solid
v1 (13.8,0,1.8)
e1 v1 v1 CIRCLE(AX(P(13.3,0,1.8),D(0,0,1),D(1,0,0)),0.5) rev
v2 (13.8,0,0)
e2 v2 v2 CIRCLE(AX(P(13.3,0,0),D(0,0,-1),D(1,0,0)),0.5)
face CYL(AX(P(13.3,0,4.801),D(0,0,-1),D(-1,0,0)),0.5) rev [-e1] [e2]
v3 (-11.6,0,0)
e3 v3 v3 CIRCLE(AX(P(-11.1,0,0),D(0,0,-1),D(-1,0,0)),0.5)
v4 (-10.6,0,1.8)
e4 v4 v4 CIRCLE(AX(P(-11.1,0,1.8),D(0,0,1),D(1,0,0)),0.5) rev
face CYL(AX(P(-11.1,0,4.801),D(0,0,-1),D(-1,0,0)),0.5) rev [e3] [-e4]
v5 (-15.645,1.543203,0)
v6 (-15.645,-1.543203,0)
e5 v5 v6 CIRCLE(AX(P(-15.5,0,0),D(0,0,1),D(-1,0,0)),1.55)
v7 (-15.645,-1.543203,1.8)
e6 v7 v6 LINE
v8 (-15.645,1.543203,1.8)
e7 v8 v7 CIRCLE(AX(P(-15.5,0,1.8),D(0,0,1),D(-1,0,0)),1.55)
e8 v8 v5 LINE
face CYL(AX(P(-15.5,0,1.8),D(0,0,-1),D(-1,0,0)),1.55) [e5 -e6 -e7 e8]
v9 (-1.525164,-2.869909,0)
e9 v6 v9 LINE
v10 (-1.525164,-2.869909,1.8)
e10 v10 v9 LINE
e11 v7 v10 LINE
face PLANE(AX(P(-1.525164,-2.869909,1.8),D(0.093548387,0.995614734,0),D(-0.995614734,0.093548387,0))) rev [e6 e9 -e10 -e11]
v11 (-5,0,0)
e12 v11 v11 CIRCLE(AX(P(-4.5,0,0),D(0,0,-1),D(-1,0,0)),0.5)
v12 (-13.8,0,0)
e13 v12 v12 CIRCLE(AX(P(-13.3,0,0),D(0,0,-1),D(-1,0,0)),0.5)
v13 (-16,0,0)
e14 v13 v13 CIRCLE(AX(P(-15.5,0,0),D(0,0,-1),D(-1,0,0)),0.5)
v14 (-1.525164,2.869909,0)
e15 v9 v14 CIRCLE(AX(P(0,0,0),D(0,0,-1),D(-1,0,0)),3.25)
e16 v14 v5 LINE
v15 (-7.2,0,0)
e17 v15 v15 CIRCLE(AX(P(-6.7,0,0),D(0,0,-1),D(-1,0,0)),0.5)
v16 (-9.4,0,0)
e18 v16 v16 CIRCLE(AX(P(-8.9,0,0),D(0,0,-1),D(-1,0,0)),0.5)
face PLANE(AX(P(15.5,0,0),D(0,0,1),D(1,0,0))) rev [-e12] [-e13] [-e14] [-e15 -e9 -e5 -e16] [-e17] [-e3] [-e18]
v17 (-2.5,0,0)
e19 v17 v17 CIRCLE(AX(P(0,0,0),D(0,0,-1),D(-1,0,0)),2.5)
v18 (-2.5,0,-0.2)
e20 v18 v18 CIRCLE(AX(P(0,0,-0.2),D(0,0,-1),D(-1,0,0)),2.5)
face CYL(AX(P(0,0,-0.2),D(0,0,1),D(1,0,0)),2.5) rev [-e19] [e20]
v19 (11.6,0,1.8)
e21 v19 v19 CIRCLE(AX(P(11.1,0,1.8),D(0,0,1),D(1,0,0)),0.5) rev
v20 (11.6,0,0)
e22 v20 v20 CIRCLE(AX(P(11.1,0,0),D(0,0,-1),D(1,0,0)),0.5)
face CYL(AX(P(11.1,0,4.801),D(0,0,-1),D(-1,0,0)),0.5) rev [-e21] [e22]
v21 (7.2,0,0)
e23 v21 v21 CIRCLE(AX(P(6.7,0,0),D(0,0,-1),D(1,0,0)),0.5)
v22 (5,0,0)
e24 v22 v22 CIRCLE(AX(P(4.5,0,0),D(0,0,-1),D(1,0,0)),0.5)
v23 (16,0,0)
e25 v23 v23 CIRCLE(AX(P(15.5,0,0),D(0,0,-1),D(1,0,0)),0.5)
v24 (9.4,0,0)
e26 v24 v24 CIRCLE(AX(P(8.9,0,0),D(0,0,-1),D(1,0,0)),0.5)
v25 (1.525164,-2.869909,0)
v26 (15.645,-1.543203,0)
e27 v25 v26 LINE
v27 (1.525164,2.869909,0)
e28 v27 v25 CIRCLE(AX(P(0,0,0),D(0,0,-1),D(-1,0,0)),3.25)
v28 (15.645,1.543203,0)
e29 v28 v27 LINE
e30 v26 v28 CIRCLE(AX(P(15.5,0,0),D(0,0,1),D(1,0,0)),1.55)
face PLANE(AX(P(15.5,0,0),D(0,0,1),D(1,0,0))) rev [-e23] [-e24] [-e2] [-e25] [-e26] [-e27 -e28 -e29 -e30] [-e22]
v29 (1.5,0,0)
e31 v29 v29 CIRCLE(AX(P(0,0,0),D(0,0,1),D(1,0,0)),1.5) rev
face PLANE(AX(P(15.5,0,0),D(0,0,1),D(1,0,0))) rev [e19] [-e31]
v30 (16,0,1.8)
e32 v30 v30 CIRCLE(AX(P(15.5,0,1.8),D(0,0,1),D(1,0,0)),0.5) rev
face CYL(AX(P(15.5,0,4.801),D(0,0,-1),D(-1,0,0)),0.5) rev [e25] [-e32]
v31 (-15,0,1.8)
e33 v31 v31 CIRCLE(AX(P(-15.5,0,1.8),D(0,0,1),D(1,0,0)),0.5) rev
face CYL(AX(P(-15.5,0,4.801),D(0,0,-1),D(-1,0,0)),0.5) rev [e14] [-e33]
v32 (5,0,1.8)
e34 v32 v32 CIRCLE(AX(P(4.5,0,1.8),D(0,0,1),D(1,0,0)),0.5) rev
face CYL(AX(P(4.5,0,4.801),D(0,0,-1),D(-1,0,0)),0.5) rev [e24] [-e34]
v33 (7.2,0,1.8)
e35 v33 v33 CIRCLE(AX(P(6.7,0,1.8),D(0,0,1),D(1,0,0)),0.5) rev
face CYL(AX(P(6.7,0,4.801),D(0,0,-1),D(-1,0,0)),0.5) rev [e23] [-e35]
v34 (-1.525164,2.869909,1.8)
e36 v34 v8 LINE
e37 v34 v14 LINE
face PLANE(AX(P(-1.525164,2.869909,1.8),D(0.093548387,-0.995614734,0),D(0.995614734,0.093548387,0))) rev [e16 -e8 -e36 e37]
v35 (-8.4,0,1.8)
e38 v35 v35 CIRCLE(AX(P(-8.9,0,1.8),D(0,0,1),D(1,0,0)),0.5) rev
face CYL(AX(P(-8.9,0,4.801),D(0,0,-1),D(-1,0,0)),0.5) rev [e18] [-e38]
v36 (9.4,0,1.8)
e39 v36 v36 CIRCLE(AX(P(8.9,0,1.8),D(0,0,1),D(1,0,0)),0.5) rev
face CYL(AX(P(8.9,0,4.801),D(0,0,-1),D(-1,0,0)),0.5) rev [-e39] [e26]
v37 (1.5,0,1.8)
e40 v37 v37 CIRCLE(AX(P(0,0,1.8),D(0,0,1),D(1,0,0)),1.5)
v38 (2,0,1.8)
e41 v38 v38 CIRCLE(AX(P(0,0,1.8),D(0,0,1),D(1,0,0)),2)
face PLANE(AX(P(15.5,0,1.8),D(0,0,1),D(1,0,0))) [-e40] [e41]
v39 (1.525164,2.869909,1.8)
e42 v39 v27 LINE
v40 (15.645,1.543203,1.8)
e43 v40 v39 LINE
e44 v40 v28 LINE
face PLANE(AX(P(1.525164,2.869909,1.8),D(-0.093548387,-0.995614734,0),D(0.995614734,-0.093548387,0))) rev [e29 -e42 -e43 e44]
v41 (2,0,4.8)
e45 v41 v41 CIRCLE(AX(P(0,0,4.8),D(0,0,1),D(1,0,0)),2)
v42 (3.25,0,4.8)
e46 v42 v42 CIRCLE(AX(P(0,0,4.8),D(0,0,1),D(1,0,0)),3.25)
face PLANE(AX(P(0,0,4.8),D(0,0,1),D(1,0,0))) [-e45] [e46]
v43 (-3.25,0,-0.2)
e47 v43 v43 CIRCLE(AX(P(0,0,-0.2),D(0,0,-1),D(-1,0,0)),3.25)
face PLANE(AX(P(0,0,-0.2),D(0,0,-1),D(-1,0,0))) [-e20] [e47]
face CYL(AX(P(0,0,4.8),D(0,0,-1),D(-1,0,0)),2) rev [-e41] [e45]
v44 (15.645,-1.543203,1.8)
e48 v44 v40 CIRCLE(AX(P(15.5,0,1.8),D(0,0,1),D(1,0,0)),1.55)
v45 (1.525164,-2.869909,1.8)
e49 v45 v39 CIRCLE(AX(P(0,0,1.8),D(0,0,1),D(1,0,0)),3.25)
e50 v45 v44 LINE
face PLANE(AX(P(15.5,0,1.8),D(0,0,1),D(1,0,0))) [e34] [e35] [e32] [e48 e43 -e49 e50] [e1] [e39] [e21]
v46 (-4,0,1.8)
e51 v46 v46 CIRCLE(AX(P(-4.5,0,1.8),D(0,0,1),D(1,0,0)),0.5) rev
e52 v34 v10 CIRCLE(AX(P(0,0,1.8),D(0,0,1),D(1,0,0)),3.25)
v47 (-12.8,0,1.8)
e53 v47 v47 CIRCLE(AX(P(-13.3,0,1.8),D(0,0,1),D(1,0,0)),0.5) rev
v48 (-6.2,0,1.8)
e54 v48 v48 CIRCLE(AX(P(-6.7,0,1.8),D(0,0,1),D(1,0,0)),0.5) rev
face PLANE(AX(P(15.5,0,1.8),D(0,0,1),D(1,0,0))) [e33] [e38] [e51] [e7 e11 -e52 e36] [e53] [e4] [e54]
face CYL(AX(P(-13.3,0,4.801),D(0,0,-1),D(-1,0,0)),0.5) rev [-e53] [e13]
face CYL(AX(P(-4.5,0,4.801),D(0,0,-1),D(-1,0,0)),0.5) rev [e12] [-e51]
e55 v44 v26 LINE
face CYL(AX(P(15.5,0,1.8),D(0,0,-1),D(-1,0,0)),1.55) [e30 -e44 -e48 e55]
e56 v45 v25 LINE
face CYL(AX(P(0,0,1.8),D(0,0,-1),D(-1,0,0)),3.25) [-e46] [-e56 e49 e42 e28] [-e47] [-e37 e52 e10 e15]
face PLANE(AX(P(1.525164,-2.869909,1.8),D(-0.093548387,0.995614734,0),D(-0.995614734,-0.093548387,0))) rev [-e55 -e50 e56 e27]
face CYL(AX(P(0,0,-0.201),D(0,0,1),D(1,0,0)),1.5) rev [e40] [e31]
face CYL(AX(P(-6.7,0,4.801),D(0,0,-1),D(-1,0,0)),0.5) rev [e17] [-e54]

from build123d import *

# Parameters (mm, degrees)
BOSS_EXTRUDE1_DEPTH = 1.8
SKETCH2_R           = 3.25
SKETCH2_R_2         = 2.5
BOSS_EXTRUDE3_DEPTH = 0.2
SKETCH4_R           = 3.25
SKETCH4_R_2         = 2
BOSS_EXTRUDE4_DEPTH = 3
CUT_EXTRUDE1_REACH  = 4
SKETCH5_R           = 1.5
CUT_EXTRUDE2_REACH  = 6.8
SKETCH6_R           = 0.5


with BuildPart() as part:
    # Sketch1 → Boss-Extrude1 (new body)
    with BuildSketch(Plane.XY):
        with BuildLine():
            Line((1.525163579, 2.869908719), (15.645, 1.543202838))
            ThreePointArc((15.645, 1.543202838), (17.05, 0), (15.645, -1.543202838))
            Line((15.645, -1.543202838), (1.525163579, -2.869908719))
            ThreePointArc((1.525163579, -2.869908719), (0, -3.25), (-1.525163579, -2.869908719))
            Line((-1.525163579, -2.869908719), (-15.645, -1.543202838))
            ThreePointArc((-15.645, -1.543202838), (-17.05, 0), (-15.645, 1.543202838))
            Line((-15.645, 1.543202838), (-1.525163579, 2.869908719))
            ThreePointArc((-1.525163579, 2.869908719), (0, 3.25), (1.525163579, 2.869908719))
        make_face()
    extrude(amount=BOSS_EXTRUDE1_DEPTH)

    # Sketch2 → Boss-Extrude3 (add)
    with BuildSketch(Plane(origin=(0, 0, 0), x_dir=(-1, 0, 0), z_dir=(0, 0, -1))):
        Circle(SKETCH2_R)
        Circle(SKETCH2_R_2, mode=Mode.SUBTRACT)
    extrude(amount=BOSS_EXTRUDE3_DEPTH)

    # Sketch4 → Boss-Extrude4 (add)
    with BuildSketch(Plane.XY.offset(1.8)):
        Circle(SKETCH4_R)
        Circle(SKETCH4_R_2, mode=Mode.SUBTRACT)
    extrude(amount=BOSS_EXTRUDE4_DEPTH)

    # Sketch5 → Cut-Extrude1 (cut, up to next)
    with BuildSketch(Plane.XY.offset(1.8), mode=Mode.PRIVATE) as cut_extrude1_sk1:
        Circle(SKETCH5_R)
    cut_extrude1_tool1 = extrude(cut_extrude1_sk1.sketch, amount=-CUT_EXTRUDE1_REACH, mode=Mode.PRIVATE) & part.part
    add(cut_extrude1_tool1.solids().sort_by_distance((0, 0, 1.8))[0], mode=Mode.SUBTRACT)

    # Sketch6 → Cut-Extrude2 (cut, up to next)
    with BuildSketch(Plane(origin=(0, 0, 0), x_dir=(-1, 0, 0), z_dir=(0, 0, -1)), mode=Mode.PRIVATE) as cut_extrude2_sk1:
        with Locations((15.5, 0)):
            Circle(SKETCH6_R)
    cut_extrude2_tool1 = extrude(cut_extrude2_sk1.sketch, amount=-CUT_EXTRUDE2_REACH, mode=Mode.PRIVATE) & part.part
    add(cut_extrude2_tool1.solids().sort_by_distance((-15.5, 0, 0))[0], mode=Mode.SUBTRACT)
    # Sketch6 → Cut-Extrude2 (cut, up to next)
    with BuildSketch(Plane(origin=(0, 0, 0), x_dir=(-1, 0, 0), z_dir=(0, 0, -1)), mode=Mode.PRIVATE) as cut_extrude2_sk2:
        with Locations((13.3, 0)):
            Circle(SKETCH6_R)
    cut_extrude2_tool2 = extrude(cut_extrude2_sk2.sketch, amount=-CUT_EXTRUDE2_REACH, mode=Mode.PRIVATE) & part.part
    add(cut_extrude2_tool2.solids().sort_by_distance((-13.3, 0, 0))[0], mode=Mode.SUBTRACT)
    # Sketch6 → Cut-Extrude2 (cut, up to next)
    with BuildSketch(Plane(origin=(0, 0, 0), x_dir=(-1, 0, 0), z_dir=(0, 0, -1)), mode=Mode.PRIVATE) as cut_extrude2_sk3:
        with Locations((11.1, 0)):
            Circle(SKETCH6_R)
    cut_extrude2_tool3 = extrude(cut_extrude2_sk3.sketch, amount=-CUT_EXTRUDE2_REACH, mode=Mode.PRIVATE) & part.part
    add(cut_extrude2_tool3.solids().sort_by_distance((-11.1, 0, 0))[0], mode=Mode.SUBTRACT)
    # Sketch6 → Cut-Extrude2 (cut, up to next)
    with BuildSketch(Plane(origin=(0, 0, 0), x_dir=(-1, 0, 0), z_dir=(0, 0, -1)), mode=Mode.PRIVATE) as cut_extrude2_sk4:
        with Locations((8.9, 0)):
            Circle(SKETCH6_R)
    cut_extrude2_tool4 = extrude(cut_extrude2_sk4.sketch, amount=-CUT_EXTRUDE2_REACH, mode=Mode.PRIVATE) & part.part
    add(cut_extrude2_tool4.solids().sort_by_distance((-8.9, 0, 0))[0], mode=Mode.SUBTRACT)
    # Sketch6 → Cut-Extrude2 (cut, up to next)
    with BuildSketch(Plane(origin=(0, 0, 0), x_dir=(-1, 0, 0), z_dir=(0, 0, -1)), mode=Mode.PRIVATE) as cut_extrude2_sk5:
        with Locations((6.7, 0)):
            Circle(SKETCH6_R)
    cut_extrude2_tool5 = extrude(cut_extrude2_sk5.sketch, amount=-CUT_EXTRUDE2_REACH, mode=Mode.PRIVATE) & part.part
    add(cut_extrude2_tool5.solids().sort_by_distance((-6.7, 0, 0))[0], mode=Mode.SUBTRACT)
    # Sketch6 → Cut-Extrude2 (cut, up to next)
    with BuildSketch(Plane(origin=(0, 0, 0), x_dir=(-1, 0, 0), z_dir=(0, 0, -1)), mode=Mode.PRIVATE) as cut_extrude2_sk6:
        with Locations((4.5, 0)):
            Circle(SKETCH6_R)
    cut_extrude2_tool6 = extrude(cut_extrude2_sk6.sketch, amount=-CUT_EXTRUDE2_REACH, mode=Mode.PRIVATE) & part.part
    add(cut_extrude2_tool6.solids().sort_by_distance((-4.5, 0, 0))[0], mode=Mode.SUBTRACT)
    # Sketch6 → Cut-Extrude2 (cut, up to next)
    with BuildSketch(Plane(origin=(0, 0, 0), x_dir=(-1, 0, 0), z_dir=(0, 0, -1)), mode=Mode.PRIVATE) as cut_extrude2_sk7:
        with Locations((-4.5, 0)):
            Circle(SKETCH6_R)
    cut_extrude2_tool7 = extrude(cut_extrude2_sk7.sketch, amount=-CUT_EXTRUDE2_REACH, mode=Mode.PRIVATE) & part.part
    add(cut_extrude2_tool7.solids().sort_by_distance((4.5, 0, 0))[0], mode=Mode.SUBTRACT)
    # Sketch6 → Cut-Extrude2 (cut, up to next)
    with BuildSketch(Plane(origin=(0, 0, 0), x_dir=(-1, 0, 0), z_dir=(0, 0, -1)), mode=Mode.PRIVATE) as cut_extrude2_sk8:
        with Locations((-6.7, 0)):
            Circle(SKETCH6_R)
    cut_extrude2_tool8 = extrude(cut_extrude2_sk8.sketch, amount=-CUT_EXTRUDE2_REACH, mode=Mode.PRIVATE) & part.part
    add(cut_extrude2_tool8.solids().sort_by_distance((6.7, 0, 0))[0], mode=Mode.SUBTRACT)
    # Sketch6 → Cut-Extrude2 (cut, up to next)
    with BuildSketch(Plane(origin=(0, 0, 0), x_dir=(-1, 0, 0), z_dir=(0, 0, -1)), mode=Mode.PRIVATE) as cut_extrude2_sk9:
        with Locations((-8.9, 0)):
            Circle(SKETCH6_R)
    cut_extrude2_tool9 = extrude(cut_extrude2_sk9.sketch, amount=-CUT_EXTRUDE2_REACH, mode=Mode.PRIVATE) & part.part
    add(cut_extrude2_tool9.solids().sort_by_distance((8.9, 0, 0))[0], mode=Mode.SUBTRACT)
    # Sketch6 → Cut-Extrude2 (cut, up to next)
    with BuildSketch(Plane(origin=(0, 0, 0), x_dir=(-1, 0, 0), z_dir=(0, 0, -1)), mode=Mode.PRIVATE) as cut_extrude2_sk10:
        with Locations((-11.1, 0)):
            Circle(SKETCH6_R)
    cut_extrude2_tool10 = extrude(cut_extrude2_sk10.sketch, amount=-CUT_EXTRUDE2_REACH, mode=Mode.PRIVATE) & part.part
    add(cut_extrude2_tool10.solids().sort_by_distance((11.1, 0, 0))[0], mode=Mode.SUBTRACT)
    # Sketch6 → Cut-Extrude2 (cut, up to next)
    with BuildSketch(Plane(origin=(0, 0, 0), x_dir=(-1, 0, 0), z_dir=(0, 0, -1)), mode=Mode.PRIVATE) as cut_extrude2_sk11:
        with Locations((-13.3, 0)):
            Circle(SKETCH6_R)
    cut_extrude2_tool11 = extrude(cut_extrude2_sk11.sketch, amount=-CUT_EXTRUDE2_REACH, mode=Mode.PRIVATE) & part.part
    add(cut_extrude2_tool11.solids().sort_by_distance((13.3, 0, 0))[0], mode=Mode.SUBTRACT)
    # Sketch6 → Cut-Extrude2 (cut, up to next)
    with BuildSketch(Plane(origin=(0, 0, 0), x_dir=(-1, 0, 0), z_dir=(0, 0, -1)), mode=Mode.PRIVATE) as cut_extrude2_sk12:
        with Locations((-15.5, 0)):
            Circle(SKETCH6_R)
    cut_extrude2_tool12 = extrude(cut_extrude2_sk12.sketch, amount=-CUT_EXTRUDE2_REACH, mode=Mode.PRIVATE) & part.part
    add(cut_extrude2_tool12.solids().sort_by_distance((15.5, 0, 0))[0], mode=Mode.SUBTRACT)


solid = part.part
